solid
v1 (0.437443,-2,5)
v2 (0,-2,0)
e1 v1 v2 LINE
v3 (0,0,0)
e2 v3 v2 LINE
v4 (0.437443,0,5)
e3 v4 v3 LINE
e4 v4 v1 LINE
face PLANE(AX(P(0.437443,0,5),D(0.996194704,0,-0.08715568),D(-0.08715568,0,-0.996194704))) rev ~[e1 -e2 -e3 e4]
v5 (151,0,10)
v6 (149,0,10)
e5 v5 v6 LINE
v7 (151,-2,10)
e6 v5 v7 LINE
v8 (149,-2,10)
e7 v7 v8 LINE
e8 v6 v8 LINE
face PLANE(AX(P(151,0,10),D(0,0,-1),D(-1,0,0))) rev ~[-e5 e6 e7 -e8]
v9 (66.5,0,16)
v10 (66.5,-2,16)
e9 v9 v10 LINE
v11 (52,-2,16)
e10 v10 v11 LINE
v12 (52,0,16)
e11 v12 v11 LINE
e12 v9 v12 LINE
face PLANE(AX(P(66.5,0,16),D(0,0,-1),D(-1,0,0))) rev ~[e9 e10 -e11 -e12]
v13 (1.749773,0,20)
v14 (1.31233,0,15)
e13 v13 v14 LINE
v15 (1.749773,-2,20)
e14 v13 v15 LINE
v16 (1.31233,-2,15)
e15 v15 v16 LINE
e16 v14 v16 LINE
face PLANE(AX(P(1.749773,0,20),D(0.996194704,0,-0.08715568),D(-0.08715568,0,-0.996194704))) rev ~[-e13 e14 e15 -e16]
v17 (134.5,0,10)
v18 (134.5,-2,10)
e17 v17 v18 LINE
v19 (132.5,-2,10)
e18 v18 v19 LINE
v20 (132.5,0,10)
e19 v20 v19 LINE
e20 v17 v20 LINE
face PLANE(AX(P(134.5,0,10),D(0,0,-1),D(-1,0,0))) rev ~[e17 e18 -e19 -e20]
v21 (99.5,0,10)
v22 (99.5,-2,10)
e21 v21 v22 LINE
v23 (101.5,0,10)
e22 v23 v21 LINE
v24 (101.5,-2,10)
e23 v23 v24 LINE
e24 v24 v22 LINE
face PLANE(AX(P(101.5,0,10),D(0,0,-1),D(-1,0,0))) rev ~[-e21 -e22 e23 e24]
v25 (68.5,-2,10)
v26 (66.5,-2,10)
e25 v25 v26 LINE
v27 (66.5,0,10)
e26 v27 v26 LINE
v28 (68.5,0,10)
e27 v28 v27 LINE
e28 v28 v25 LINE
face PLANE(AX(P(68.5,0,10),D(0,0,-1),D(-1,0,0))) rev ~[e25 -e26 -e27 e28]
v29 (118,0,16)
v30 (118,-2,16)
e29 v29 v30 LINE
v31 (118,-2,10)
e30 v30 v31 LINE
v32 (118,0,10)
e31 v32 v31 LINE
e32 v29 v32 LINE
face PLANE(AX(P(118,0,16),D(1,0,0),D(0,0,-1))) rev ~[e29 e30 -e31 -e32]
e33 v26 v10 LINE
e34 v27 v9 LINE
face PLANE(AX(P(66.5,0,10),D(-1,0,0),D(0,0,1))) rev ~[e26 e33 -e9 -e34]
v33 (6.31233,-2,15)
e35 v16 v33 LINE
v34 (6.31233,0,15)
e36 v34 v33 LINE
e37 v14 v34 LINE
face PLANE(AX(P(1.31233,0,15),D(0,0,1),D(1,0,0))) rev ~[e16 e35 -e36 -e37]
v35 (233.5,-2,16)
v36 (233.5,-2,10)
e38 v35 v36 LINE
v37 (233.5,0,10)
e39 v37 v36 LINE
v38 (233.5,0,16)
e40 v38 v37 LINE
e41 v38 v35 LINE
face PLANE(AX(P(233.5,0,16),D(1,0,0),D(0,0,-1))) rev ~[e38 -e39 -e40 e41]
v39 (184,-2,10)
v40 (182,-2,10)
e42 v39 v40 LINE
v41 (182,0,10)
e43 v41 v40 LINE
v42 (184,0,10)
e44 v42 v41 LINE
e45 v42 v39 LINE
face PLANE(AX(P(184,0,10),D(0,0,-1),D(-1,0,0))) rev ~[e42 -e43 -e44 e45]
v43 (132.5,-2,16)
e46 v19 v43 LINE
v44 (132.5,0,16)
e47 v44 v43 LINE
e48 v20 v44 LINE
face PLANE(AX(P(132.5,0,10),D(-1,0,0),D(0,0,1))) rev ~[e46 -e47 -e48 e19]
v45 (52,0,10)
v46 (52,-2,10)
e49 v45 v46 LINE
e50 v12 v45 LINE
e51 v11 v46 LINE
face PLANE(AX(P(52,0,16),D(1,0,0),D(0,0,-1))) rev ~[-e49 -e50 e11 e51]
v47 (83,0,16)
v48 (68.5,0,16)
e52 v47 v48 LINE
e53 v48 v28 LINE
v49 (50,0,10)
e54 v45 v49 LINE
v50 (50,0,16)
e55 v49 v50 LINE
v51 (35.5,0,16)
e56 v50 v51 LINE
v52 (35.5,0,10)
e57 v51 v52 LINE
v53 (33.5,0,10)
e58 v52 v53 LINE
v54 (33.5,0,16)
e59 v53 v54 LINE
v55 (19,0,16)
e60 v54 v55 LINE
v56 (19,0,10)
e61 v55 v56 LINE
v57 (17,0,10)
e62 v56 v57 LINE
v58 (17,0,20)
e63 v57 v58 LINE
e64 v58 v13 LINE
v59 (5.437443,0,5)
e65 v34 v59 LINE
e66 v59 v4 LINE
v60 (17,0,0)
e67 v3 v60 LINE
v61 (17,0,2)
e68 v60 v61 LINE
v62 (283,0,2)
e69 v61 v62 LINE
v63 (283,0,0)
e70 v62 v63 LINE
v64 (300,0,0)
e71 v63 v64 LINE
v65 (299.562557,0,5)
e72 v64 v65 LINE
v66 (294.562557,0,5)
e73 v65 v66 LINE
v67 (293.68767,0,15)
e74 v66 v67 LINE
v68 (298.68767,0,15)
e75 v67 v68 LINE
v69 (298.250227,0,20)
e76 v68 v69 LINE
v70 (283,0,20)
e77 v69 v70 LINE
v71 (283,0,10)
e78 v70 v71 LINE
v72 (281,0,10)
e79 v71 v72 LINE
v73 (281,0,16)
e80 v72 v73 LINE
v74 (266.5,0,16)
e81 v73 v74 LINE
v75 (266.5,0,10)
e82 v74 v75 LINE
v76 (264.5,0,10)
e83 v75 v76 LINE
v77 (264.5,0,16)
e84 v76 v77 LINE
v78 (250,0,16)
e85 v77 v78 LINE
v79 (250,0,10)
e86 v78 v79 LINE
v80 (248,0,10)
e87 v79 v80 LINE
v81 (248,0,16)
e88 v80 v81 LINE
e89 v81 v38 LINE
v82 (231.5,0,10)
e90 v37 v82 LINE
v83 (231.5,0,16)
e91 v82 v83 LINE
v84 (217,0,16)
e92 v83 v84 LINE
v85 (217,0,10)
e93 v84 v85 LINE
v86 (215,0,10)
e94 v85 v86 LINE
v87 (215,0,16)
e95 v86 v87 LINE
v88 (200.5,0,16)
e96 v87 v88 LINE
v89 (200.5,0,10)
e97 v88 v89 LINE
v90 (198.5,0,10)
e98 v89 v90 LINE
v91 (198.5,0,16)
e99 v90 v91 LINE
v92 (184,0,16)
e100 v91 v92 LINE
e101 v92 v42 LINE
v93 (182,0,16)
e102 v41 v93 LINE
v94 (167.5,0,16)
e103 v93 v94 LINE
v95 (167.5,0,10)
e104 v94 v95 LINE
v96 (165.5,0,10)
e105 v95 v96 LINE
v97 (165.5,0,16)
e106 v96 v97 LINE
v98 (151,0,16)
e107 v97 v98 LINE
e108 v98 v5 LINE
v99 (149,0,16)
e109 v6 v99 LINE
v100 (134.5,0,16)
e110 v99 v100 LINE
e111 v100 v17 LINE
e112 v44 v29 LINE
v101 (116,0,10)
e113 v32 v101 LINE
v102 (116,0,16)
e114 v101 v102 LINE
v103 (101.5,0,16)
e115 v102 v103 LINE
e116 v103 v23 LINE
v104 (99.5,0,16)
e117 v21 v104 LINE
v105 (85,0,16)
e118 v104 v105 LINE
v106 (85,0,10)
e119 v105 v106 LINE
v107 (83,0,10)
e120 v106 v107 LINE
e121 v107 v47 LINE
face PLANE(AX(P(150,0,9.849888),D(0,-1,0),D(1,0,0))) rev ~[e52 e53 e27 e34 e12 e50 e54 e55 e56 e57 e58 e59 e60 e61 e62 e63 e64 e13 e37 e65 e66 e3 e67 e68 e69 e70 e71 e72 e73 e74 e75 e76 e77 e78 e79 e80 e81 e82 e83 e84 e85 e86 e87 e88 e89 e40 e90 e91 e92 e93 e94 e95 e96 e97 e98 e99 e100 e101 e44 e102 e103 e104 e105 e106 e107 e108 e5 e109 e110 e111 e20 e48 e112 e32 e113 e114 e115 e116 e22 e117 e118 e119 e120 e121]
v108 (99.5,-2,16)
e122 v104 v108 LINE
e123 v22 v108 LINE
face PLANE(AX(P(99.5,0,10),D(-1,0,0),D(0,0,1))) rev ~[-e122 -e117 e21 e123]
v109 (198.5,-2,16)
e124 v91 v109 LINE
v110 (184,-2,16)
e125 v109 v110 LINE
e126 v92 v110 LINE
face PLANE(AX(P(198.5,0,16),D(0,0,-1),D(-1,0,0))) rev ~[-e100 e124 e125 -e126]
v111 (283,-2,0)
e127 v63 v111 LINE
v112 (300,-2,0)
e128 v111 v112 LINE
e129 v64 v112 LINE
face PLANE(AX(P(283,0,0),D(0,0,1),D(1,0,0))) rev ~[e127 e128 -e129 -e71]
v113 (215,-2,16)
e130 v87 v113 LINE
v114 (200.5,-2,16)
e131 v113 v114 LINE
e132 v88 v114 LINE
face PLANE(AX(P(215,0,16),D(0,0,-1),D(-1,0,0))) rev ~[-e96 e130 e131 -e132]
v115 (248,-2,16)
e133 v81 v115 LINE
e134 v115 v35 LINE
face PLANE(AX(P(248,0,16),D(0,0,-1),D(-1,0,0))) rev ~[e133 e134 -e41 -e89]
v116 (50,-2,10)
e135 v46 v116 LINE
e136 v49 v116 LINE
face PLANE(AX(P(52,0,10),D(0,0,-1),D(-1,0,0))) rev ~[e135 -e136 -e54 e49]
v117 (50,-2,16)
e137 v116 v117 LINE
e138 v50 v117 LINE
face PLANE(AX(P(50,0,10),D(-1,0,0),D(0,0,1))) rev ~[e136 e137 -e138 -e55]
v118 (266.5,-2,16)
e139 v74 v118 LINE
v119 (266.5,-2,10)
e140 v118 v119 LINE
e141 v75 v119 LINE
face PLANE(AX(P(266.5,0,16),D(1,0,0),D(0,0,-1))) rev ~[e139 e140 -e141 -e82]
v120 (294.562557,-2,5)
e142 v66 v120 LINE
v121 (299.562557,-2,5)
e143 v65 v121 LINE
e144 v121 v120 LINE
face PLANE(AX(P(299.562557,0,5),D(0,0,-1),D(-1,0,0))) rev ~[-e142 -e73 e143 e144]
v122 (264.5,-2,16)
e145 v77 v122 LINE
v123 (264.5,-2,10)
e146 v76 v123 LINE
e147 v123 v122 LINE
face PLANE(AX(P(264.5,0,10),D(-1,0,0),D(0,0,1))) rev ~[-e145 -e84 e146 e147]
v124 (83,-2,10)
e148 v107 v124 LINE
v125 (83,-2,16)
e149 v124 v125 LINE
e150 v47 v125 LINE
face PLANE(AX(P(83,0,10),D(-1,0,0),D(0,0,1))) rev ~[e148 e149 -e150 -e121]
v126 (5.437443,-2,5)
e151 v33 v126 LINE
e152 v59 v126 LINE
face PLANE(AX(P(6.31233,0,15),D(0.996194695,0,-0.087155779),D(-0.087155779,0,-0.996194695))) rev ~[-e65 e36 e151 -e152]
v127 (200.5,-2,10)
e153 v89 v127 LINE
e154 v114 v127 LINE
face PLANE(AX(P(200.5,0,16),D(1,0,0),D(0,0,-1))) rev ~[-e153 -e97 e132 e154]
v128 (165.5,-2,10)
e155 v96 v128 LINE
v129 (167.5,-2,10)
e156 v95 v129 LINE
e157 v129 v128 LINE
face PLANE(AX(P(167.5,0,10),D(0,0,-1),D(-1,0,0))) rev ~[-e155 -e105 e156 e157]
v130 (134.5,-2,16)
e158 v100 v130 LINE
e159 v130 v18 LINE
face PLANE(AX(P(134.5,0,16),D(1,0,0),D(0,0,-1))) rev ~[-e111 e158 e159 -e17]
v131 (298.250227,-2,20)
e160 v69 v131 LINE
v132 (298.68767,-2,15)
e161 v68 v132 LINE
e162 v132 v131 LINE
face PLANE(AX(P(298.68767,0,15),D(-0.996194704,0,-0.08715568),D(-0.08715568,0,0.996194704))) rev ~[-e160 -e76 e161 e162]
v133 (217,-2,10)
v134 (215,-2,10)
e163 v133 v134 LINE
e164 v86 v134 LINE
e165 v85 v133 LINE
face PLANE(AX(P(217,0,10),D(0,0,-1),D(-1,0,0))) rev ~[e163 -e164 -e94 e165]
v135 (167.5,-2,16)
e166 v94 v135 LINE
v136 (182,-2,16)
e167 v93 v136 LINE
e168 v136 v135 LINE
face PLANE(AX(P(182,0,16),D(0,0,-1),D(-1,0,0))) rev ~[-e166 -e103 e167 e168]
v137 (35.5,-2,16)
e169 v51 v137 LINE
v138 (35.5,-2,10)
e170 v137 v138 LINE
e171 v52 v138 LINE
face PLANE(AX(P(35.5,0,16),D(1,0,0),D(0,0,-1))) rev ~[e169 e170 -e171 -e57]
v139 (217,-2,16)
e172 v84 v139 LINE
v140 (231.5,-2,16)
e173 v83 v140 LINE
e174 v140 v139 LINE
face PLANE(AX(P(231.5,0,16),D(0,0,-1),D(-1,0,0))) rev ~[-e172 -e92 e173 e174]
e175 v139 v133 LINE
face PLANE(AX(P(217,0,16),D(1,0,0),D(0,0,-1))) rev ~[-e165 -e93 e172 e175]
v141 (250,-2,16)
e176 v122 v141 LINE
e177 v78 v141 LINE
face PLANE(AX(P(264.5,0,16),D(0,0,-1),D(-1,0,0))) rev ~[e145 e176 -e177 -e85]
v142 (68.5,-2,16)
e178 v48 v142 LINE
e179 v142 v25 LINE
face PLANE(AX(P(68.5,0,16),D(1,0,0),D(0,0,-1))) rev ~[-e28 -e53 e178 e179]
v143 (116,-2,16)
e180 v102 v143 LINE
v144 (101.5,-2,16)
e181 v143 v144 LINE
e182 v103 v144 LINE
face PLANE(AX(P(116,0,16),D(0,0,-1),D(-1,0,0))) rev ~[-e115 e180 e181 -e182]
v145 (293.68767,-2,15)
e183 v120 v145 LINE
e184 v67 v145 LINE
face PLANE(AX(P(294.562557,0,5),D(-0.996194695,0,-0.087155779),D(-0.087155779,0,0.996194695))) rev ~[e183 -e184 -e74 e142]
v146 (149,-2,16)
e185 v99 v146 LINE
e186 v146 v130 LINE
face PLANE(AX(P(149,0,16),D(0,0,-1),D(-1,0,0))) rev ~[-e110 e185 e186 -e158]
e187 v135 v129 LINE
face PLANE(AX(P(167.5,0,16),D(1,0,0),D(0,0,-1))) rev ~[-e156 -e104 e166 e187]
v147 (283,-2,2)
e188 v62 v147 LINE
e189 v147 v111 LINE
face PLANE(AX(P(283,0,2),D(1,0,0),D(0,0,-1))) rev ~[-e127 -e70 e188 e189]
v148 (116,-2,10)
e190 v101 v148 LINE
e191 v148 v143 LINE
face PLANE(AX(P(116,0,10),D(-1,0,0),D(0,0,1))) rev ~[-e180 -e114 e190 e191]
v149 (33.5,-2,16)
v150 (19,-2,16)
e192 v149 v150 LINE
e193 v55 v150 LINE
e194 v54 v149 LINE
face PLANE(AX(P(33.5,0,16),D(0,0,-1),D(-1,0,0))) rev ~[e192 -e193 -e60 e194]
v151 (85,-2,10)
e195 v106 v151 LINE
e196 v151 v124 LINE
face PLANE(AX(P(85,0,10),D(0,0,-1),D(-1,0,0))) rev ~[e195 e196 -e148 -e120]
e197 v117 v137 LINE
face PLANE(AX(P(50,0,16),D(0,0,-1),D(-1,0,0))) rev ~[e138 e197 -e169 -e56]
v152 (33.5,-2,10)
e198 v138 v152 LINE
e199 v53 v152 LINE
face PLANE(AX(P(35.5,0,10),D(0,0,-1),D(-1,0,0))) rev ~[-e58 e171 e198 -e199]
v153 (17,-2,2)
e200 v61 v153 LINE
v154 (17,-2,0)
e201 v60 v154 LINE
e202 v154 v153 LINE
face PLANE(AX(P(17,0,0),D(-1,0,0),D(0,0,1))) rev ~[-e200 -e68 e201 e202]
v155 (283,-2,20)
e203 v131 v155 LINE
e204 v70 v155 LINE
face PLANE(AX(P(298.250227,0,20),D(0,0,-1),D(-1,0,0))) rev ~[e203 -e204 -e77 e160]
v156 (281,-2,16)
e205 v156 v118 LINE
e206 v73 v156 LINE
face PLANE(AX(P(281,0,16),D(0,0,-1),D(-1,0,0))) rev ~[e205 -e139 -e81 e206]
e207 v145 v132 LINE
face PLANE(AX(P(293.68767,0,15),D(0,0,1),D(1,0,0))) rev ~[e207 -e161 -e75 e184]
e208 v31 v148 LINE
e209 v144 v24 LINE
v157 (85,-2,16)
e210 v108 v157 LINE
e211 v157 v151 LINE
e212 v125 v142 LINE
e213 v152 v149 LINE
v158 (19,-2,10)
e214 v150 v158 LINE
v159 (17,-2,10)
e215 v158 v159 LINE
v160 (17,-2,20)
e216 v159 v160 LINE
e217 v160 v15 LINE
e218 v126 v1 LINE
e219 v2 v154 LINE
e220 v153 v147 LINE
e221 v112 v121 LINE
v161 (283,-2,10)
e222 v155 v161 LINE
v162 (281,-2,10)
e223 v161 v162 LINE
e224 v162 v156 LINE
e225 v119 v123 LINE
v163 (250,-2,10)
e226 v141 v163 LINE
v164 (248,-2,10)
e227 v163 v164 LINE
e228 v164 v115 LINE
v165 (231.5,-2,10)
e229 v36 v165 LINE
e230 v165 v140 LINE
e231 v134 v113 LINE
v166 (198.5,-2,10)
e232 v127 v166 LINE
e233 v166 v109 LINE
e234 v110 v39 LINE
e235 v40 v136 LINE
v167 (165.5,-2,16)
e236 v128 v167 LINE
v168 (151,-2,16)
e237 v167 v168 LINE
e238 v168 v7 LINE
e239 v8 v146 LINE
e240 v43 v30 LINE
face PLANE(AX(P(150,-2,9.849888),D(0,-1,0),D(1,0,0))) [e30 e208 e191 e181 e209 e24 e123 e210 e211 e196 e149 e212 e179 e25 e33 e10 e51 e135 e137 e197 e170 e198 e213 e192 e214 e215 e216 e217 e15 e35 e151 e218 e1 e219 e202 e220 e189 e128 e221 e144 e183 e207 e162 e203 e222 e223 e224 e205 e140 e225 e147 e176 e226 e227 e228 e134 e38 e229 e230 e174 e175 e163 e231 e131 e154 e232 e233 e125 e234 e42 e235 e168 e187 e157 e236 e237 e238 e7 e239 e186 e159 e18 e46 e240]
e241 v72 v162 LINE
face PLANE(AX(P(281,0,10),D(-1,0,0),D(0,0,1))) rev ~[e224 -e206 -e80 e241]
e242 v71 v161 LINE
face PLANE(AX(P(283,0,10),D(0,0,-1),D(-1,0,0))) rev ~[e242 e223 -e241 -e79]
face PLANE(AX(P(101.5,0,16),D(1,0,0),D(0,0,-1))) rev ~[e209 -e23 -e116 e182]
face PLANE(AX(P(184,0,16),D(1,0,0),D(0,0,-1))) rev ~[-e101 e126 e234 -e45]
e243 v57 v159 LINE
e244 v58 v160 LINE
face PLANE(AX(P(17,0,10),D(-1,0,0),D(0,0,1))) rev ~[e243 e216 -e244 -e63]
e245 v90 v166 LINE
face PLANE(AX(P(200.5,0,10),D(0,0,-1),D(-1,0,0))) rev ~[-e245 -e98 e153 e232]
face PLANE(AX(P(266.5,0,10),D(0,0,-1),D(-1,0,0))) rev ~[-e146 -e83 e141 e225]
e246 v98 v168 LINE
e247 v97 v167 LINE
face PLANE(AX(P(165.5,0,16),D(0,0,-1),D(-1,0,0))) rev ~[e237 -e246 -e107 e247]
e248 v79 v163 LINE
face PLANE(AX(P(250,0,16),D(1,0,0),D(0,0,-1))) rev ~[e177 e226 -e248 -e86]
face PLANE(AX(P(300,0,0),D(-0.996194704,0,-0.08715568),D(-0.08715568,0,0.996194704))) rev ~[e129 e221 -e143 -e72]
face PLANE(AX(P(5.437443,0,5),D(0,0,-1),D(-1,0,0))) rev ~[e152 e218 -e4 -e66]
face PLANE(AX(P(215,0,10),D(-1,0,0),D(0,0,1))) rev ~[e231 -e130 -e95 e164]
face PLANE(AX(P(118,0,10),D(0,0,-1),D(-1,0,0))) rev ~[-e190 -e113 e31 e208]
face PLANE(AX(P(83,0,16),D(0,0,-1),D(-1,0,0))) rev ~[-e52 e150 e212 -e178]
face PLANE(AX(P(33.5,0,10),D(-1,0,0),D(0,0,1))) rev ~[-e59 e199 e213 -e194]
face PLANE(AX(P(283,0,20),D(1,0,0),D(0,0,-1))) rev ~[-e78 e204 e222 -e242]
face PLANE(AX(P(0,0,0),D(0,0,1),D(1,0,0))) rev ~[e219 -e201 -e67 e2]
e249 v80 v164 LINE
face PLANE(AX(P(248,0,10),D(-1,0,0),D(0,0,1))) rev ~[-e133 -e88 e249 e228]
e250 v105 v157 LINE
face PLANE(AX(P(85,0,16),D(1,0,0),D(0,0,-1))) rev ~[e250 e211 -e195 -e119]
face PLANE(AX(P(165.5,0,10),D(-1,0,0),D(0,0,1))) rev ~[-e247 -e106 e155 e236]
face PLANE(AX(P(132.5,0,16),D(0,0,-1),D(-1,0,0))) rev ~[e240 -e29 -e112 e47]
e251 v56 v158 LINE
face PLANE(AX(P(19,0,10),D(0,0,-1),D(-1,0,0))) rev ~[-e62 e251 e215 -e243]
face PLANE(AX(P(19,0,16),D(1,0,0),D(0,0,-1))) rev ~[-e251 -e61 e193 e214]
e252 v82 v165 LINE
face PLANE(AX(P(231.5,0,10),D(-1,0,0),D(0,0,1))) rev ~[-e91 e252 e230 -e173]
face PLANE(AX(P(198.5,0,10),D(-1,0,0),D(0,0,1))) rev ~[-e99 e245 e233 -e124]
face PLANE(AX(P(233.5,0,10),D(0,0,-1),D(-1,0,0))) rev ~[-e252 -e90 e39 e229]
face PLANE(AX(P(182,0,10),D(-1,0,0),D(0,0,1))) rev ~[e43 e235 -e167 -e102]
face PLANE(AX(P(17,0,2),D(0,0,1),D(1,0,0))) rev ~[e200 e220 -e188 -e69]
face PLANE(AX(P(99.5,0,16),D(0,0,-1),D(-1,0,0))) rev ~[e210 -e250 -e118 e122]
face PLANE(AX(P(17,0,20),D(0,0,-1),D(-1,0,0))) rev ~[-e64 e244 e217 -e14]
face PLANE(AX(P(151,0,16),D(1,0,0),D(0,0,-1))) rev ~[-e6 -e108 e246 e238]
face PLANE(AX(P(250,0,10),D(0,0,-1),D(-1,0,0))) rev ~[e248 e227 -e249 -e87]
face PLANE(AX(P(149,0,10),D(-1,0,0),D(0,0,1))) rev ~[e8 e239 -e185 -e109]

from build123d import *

# Parameters (mm, degrees)
F1_DEPTH = 2


with BuildPart() as f1:
    # F0 (on Front) → F1 (new body)
    with BuildSketch(Plane.XZ):
        Polygon((0.437443, 5), (0, 0), (17, 0), (17, 2), (283, 2), (283, 0), (300, 0), (299.562557, 5), (294.562557, 5), (293.68767, 15), (298.68767, 15), (298.250227, 20), (283, 20), (283, 10), (281, 10), (281, 16), (266.5, 16), (266.5, 10), (264.5, 10), (264.5, 16), (250, 16), (250, 10), (248, 10), (248, 16), (233.5, 16), (233.5, 10), (231.5, 10), (231.5, 16), (217, 16), (217, 10), (215, 10), (215, 16), (200.5, 16), (200.5, 10), (198.5, 10), (198.5, 16), (184, 16), (184, 10), (182, 10), (182, 16), (167.5, 16), (167.5, 10), (165.5, 10), (165.5, 16), (151, 16), (151, 10), (149, 10), (149, 16), (134.5, 16), (134.5, 10), (132.5, 10), (132.5, 16), (118, 16), (118, 10), (116, 10), (116, 16), (101.5, 16), (101.5, 10), (99.5, 10), (99.5, 16), (85, 16), (85, 10), (83, 10), (83, 16), (68.5, 16), (68.5, 10), (66.5, 10), (66.5, 16), (52, 16), (52, 10), (50, 10), (50, 16), (35.5, 16), (35.5, 10), (33.5, 10), (33.5, 16), (19, 16), (19, 10), (17, 10), (17, 20), (1.749773, 20), (1.31233, 15), (6.31233, 15), (5.437443, 5), align=None)
    extrude(amount=F1_DEPTH)


solid = f1.part
